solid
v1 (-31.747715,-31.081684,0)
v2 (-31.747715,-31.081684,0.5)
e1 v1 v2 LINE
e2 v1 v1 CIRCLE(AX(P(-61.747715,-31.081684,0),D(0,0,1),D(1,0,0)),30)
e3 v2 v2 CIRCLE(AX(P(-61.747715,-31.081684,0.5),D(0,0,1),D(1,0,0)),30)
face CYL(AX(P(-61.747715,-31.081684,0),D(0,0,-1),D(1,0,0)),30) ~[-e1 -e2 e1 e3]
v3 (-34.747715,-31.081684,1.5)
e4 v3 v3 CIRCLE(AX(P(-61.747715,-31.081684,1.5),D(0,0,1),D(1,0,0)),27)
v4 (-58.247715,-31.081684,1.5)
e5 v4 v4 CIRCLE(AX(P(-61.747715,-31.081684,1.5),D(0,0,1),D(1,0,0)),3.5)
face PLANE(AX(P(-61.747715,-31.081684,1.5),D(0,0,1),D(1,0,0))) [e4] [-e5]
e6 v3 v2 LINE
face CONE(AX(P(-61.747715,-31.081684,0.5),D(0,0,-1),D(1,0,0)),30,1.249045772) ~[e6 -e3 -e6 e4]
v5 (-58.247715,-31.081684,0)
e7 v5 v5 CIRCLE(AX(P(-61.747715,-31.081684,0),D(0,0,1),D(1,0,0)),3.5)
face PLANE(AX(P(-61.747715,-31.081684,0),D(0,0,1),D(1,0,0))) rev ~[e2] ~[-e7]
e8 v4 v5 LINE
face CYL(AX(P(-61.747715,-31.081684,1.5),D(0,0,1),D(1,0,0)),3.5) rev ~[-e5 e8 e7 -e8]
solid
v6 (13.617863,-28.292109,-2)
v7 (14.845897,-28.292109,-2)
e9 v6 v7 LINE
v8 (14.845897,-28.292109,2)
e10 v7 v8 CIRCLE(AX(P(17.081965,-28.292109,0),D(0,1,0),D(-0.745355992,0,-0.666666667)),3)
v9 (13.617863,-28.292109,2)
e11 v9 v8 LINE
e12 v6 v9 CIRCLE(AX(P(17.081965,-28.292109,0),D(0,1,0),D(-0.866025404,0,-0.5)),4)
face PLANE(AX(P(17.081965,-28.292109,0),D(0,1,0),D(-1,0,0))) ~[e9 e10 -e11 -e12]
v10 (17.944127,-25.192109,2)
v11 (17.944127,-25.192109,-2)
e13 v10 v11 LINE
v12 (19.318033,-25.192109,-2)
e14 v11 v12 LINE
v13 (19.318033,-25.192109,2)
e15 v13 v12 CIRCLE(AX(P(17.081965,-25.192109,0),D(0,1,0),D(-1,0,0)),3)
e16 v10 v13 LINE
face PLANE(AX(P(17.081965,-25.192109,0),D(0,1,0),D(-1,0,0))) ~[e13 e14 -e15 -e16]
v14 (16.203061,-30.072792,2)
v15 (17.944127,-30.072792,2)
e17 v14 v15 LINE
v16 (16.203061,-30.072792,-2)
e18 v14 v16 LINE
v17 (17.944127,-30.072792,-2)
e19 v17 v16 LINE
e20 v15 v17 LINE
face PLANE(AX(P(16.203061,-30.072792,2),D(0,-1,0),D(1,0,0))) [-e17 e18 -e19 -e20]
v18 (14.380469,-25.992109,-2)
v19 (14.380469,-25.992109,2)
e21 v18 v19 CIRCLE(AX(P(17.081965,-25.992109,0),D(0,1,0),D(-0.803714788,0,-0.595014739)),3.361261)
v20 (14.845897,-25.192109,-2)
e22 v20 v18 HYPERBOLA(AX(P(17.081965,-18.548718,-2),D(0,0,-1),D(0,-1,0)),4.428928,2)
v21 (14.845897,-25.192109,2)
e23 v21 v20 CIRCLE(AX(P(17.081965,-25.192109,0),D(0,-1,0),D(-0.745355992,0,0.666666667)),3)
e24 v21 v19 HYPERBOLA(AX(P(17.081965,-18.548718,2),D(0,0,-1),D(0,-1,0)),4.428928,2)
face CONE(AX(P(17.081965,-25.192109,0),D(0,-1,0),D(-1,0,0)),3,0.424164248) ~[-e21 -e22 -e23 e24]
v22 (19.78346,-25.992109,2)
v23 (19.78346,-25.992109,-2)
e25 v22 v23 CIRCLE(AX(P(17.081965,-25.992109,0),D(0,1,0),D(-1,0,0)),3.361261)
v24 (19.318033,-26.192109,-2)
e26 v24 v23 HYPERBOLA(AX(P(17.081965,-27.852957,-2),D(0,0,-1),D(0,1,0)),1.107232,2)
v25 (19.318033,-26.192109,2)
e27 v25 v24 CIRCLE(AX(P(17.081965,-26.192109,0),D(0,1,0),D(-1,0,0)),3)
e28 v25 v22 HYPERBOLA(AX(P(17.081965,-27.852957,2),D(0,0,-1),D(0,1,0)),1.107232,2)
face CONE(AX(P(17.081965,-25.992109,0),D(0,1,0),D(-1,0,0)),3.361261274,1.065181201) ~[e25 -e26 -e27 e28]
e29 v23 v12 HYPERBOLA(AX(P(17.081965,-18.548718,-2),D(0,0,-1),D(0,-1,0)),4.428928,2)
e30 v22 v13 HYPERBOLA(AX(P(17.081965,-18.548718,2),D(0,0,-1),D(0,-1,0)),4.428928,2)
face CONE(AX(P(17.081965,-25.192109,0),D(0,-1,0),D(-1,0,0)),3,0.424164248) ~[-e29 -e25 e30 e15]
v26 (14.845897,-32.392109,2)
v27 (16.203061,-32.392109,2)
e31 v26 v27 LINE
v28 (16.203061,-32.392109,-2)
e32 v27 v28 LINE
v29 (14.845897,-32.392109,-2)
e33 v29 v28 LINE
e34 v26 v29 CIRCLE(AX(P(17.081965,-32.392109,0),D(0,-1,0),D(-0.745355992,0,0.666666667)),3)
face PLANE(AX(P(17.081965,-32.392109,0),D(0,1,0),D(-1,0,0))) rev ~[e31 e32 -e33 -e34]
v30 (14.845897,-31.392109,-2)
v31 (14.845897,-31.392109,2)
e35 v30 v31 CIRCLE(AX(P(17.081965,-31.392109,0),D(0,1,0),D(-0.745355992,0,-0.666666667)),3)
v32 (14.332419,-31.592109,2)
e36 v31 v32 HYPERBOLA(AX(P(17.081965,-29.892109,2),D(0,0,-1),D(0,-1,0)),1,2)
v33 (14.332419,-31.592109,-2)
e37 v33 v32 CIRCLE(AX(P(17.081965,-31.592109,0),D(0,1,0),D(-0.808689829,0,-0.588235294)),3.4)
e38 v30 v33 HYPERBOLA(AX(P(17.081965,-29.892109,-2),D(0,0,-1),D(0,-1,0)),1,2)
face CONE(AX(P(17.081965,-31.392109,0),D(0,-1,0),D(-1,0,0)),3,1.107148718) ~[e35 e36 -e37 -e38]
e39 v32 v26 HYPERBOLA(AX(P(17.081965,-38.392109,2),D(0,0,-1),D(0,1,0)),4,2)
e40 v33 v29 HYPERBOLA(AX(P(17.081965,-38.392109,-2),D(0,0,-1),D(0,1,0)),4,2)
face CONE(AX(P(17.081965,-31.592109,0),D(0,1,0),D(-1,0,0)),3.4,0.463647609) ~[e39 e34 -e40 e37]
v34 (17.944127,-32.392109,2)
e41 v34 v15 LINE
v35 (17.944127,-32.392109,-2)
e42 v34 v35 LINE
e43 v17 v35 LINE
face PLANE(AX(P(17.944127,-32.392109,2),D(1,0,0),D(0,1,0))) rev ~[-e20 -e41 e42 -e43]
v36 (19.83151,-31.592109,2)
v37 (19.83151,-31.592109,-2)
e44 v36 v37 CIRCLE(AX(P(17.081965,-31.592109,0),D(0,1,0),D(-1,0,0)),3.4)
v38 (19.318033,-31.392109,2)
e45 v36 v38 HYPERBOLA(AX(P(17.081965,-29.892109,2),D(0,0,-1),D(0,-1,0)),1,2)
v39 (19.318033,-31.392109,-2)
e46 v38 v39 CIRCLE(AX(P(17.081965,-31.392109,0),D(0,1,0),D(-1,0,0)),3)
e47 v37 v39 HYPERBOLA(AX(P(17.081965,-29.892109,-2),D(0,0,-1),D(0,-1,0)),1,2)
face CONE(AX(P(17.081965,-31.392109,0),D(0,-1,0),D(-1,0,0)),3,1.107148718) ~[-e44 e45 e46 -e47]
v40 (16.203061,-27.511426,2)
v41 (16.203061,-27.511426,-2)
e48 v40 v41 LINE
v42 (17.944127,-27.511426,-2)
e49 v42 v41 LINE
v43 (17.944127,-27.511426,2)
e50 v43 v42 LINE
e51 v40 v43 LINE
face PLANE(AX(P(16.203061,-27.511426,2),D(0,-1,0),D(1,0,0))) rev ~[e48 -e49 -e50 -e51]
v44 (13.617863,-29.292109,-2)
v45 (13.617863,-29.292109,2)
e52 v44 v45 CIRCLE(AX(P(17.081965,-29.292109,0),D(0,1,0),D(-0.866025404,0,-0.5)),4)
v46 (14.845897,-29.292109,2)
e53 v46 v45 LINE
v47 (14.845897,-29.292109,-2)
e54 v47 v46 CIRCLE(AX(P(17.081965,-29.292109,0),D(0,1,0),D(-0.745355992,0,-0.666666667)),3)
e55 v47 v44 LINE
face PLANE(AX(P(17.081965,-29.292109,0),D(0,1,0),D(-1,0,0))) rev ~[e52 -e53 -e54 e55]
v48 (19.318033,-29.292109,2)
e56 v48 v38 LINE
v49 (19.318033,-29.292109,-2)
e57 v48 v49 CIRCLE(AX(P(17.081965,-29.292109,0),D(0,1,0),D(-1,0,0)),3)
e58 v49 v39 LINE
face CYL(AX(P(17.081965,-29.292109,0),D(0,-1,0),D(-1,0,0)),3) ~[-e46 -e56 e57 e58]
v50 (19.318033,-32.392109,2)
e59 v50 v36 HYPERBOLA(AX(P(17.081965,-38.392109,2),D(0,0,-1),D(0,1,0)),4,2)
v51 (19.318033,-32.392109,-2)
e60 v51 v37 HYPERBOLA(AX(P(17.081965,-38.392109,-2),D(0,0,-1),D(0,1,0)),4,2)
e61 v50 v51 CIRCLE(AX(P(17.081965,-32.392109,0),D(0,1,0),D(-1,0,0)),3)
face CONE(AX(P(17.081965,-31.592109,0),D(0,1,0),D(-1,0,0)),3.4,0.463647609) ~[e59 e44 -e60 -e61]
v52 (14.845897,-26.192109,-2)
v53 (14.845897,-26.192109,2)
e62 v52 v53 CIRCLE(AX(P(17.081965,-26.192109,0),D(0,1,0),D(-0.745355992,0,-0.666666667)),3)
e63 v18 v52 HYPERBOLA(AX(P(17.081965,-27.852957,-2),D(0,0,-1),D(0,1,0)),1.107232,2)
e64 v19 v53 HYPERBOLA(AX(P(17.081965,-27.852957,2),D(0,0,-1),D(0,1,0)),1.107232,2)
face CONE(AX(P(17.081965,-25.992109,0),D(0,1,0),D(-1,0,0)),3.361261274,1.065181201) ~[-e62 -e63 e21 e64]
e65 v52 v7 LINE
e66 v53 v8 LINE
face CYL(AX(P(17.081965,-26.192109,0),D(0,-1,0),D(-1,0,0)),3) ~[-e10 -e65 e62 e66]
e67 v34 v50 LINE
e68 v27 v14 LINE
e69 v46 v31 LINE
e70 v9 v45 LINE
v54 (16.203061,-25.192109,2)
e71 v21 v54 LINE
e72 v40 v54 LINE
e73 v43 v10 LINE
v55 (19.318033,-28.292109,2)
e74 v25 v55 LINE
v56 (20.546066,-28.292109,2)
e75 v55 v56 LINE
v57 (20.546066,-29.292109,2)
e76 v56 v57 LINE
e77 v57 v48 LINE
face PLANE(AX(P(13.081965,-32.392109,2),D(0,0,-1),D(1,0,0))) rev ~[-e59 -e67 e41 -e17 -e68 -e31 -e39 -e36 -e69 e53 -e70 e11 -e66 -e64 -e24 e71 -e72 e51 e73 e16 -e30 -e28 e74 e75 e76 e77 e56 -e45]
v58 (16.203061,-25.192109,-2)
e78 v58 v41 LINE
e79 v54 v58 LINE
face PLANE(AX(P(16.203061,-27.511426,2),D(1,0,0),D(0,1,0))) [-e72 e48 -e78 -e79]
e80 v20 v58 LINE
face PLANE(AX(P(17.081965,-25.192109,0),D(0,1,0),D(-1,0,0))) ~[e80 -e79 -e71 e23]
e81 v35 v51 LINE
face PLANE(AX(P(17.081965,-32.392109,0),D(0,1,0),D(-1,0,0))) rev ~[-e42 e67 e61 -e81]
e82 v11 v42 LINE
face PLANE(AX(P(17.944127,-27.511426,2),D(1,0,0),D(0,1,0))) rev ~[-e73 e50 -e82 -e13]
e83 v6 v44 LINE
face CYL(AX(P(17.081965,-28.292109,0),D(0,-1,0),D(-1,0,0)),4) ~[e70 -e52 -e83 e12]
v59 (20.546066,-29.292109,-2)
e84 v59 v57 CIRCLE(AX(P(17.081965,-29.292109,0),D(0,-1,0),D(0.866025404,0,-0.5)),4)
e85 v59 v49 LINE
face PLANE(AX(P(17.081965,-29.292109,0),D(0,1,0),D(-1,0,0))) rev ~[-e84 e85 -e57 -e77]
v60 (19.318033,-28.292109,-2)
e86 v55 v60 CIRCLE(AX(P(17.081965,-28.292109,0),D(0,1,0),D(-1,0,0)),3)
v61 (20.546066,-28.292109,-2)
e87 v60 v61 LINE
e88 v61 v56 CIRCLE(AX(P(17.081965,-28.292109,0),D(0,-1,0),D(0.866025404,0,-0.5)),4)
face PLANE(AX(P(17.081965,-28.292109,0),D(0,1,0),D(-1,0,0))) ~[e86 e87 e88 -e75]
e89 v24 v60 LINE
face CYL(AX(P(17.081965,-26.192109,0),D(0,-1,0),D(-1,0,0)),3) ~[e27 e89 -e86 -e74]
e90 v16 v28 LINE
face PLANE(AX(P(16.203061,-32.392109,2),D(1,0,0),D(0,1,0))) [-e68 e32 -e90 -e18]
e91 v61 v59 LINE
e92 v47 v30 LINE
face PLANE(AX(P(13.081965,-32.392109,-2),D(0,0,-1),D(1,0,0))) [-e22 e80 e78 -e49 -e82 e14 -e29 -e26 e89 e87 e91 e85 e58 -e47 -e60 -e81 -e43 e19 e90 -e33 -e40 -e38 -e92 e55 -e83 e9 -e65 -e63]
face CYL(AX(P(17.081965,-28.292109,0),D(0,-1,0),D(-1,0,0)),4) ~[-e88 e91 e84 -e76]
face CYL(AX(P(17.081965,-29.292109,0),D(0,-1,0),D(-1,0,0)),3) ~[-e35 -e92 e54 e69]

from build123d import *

# Parameters (mm, degrees)
F1_R      = 30
F2_DEPTH  = 1.5
F3_R      = 3.5
F4_DEPTH  = 25
F5_SIZE2  = 1
F5_SIZE   = 3
F8_W      = 9
F8_H      = 8
F8_W_2    = 8
F8_H_2    = 4
F9_DEPTH  = 25
F10_W     = 1.7410665751
F10_H     = 2.3193174853
F11_DEPTH = 25


with BuildPart() as f2:
    # F1 (on Top) → F2 (new body)
    with BuildSketch(Plane.XY):
        with Locations((-61.7477148771, -31.0816839337)):
            Circle(F1_R)
    extrude(amount=F2_DEPTH)

    # F3 (on face) → F4 (cut)
    with BuildSketch(Plane.XY.offset(1.5)):
        with Locations((-61.7477148771, -31.0816839337)):
            Circle(F3_R)
    extrude(amount=-F4_DEPTH, mode=Mode.SUBTRACT)

    # F5
    f5_edges = [f2.edges().sort_by_distance(p)[0] for p in [
        (-91.747715, -31.081684, 1.5),
    ]]
    f5_side = f2.faces().sort_by_distance((-90.899187, -31.081684, 1.5))[0]
    chamfer(f5_edges, length=F5_SIZE, length2=F5_SIZE2, reference=f5_side)


with BuildPart() as f7:
    # F6 (on Top) → F7 (revolve)
    with BuildSketch(Plane.XY):
        Polygon((14.081964633, -25.1921089872), (13.7207033594, -25.9921089872), (14.081964633, -26.1921089872), (14.081964633, -28.2921089872), (13.081964633, -28.2921089872), (13.081964633, -29.2921089872), (14.081964633, -29.2921089872), (14.081964633, -31.3921089872), (13.681964633, -31.5921089872), (14.081964633, -32.3921089872), (17.081964633, -32.3921089872), (17.081964633, -25.1921089872), align=None)
    revolve(axis=Axis((17.081964633, -28.7921089872, 0), (0, 1, 0)))

    # F8 (on face) → F9 (cut)
    with BuildSketch(Plane.XZ.offset(32.3921089872)):
        with Locations((17.081964633, 0)):
            Rectangle(F8_W, F8_H)
        with Locations((17.081964633, 0)):
            Rectangle(F8_W_2, F8_H_2, mode=Mode.SUBTRACT)
    extrude(amount=-F9_DEPTH, mode=Mode.SUBTRACT)

    # F10 (on face) → F11 (cut)
    with BuildSketch(Plane.XY.offset(2)):
        with Locations((17.0735940337, -26.3517677299)):
            Rectangle(F10_W, F10_H)
        with Locations((17.0735940337, -31.2324502445)):
            Rectangle(F10_W, F10_H)
    extrude(amount=-F11_DEPTH, mode=Mode.SUBTRACT)


solid = Compound([f2.part, f7.part])
